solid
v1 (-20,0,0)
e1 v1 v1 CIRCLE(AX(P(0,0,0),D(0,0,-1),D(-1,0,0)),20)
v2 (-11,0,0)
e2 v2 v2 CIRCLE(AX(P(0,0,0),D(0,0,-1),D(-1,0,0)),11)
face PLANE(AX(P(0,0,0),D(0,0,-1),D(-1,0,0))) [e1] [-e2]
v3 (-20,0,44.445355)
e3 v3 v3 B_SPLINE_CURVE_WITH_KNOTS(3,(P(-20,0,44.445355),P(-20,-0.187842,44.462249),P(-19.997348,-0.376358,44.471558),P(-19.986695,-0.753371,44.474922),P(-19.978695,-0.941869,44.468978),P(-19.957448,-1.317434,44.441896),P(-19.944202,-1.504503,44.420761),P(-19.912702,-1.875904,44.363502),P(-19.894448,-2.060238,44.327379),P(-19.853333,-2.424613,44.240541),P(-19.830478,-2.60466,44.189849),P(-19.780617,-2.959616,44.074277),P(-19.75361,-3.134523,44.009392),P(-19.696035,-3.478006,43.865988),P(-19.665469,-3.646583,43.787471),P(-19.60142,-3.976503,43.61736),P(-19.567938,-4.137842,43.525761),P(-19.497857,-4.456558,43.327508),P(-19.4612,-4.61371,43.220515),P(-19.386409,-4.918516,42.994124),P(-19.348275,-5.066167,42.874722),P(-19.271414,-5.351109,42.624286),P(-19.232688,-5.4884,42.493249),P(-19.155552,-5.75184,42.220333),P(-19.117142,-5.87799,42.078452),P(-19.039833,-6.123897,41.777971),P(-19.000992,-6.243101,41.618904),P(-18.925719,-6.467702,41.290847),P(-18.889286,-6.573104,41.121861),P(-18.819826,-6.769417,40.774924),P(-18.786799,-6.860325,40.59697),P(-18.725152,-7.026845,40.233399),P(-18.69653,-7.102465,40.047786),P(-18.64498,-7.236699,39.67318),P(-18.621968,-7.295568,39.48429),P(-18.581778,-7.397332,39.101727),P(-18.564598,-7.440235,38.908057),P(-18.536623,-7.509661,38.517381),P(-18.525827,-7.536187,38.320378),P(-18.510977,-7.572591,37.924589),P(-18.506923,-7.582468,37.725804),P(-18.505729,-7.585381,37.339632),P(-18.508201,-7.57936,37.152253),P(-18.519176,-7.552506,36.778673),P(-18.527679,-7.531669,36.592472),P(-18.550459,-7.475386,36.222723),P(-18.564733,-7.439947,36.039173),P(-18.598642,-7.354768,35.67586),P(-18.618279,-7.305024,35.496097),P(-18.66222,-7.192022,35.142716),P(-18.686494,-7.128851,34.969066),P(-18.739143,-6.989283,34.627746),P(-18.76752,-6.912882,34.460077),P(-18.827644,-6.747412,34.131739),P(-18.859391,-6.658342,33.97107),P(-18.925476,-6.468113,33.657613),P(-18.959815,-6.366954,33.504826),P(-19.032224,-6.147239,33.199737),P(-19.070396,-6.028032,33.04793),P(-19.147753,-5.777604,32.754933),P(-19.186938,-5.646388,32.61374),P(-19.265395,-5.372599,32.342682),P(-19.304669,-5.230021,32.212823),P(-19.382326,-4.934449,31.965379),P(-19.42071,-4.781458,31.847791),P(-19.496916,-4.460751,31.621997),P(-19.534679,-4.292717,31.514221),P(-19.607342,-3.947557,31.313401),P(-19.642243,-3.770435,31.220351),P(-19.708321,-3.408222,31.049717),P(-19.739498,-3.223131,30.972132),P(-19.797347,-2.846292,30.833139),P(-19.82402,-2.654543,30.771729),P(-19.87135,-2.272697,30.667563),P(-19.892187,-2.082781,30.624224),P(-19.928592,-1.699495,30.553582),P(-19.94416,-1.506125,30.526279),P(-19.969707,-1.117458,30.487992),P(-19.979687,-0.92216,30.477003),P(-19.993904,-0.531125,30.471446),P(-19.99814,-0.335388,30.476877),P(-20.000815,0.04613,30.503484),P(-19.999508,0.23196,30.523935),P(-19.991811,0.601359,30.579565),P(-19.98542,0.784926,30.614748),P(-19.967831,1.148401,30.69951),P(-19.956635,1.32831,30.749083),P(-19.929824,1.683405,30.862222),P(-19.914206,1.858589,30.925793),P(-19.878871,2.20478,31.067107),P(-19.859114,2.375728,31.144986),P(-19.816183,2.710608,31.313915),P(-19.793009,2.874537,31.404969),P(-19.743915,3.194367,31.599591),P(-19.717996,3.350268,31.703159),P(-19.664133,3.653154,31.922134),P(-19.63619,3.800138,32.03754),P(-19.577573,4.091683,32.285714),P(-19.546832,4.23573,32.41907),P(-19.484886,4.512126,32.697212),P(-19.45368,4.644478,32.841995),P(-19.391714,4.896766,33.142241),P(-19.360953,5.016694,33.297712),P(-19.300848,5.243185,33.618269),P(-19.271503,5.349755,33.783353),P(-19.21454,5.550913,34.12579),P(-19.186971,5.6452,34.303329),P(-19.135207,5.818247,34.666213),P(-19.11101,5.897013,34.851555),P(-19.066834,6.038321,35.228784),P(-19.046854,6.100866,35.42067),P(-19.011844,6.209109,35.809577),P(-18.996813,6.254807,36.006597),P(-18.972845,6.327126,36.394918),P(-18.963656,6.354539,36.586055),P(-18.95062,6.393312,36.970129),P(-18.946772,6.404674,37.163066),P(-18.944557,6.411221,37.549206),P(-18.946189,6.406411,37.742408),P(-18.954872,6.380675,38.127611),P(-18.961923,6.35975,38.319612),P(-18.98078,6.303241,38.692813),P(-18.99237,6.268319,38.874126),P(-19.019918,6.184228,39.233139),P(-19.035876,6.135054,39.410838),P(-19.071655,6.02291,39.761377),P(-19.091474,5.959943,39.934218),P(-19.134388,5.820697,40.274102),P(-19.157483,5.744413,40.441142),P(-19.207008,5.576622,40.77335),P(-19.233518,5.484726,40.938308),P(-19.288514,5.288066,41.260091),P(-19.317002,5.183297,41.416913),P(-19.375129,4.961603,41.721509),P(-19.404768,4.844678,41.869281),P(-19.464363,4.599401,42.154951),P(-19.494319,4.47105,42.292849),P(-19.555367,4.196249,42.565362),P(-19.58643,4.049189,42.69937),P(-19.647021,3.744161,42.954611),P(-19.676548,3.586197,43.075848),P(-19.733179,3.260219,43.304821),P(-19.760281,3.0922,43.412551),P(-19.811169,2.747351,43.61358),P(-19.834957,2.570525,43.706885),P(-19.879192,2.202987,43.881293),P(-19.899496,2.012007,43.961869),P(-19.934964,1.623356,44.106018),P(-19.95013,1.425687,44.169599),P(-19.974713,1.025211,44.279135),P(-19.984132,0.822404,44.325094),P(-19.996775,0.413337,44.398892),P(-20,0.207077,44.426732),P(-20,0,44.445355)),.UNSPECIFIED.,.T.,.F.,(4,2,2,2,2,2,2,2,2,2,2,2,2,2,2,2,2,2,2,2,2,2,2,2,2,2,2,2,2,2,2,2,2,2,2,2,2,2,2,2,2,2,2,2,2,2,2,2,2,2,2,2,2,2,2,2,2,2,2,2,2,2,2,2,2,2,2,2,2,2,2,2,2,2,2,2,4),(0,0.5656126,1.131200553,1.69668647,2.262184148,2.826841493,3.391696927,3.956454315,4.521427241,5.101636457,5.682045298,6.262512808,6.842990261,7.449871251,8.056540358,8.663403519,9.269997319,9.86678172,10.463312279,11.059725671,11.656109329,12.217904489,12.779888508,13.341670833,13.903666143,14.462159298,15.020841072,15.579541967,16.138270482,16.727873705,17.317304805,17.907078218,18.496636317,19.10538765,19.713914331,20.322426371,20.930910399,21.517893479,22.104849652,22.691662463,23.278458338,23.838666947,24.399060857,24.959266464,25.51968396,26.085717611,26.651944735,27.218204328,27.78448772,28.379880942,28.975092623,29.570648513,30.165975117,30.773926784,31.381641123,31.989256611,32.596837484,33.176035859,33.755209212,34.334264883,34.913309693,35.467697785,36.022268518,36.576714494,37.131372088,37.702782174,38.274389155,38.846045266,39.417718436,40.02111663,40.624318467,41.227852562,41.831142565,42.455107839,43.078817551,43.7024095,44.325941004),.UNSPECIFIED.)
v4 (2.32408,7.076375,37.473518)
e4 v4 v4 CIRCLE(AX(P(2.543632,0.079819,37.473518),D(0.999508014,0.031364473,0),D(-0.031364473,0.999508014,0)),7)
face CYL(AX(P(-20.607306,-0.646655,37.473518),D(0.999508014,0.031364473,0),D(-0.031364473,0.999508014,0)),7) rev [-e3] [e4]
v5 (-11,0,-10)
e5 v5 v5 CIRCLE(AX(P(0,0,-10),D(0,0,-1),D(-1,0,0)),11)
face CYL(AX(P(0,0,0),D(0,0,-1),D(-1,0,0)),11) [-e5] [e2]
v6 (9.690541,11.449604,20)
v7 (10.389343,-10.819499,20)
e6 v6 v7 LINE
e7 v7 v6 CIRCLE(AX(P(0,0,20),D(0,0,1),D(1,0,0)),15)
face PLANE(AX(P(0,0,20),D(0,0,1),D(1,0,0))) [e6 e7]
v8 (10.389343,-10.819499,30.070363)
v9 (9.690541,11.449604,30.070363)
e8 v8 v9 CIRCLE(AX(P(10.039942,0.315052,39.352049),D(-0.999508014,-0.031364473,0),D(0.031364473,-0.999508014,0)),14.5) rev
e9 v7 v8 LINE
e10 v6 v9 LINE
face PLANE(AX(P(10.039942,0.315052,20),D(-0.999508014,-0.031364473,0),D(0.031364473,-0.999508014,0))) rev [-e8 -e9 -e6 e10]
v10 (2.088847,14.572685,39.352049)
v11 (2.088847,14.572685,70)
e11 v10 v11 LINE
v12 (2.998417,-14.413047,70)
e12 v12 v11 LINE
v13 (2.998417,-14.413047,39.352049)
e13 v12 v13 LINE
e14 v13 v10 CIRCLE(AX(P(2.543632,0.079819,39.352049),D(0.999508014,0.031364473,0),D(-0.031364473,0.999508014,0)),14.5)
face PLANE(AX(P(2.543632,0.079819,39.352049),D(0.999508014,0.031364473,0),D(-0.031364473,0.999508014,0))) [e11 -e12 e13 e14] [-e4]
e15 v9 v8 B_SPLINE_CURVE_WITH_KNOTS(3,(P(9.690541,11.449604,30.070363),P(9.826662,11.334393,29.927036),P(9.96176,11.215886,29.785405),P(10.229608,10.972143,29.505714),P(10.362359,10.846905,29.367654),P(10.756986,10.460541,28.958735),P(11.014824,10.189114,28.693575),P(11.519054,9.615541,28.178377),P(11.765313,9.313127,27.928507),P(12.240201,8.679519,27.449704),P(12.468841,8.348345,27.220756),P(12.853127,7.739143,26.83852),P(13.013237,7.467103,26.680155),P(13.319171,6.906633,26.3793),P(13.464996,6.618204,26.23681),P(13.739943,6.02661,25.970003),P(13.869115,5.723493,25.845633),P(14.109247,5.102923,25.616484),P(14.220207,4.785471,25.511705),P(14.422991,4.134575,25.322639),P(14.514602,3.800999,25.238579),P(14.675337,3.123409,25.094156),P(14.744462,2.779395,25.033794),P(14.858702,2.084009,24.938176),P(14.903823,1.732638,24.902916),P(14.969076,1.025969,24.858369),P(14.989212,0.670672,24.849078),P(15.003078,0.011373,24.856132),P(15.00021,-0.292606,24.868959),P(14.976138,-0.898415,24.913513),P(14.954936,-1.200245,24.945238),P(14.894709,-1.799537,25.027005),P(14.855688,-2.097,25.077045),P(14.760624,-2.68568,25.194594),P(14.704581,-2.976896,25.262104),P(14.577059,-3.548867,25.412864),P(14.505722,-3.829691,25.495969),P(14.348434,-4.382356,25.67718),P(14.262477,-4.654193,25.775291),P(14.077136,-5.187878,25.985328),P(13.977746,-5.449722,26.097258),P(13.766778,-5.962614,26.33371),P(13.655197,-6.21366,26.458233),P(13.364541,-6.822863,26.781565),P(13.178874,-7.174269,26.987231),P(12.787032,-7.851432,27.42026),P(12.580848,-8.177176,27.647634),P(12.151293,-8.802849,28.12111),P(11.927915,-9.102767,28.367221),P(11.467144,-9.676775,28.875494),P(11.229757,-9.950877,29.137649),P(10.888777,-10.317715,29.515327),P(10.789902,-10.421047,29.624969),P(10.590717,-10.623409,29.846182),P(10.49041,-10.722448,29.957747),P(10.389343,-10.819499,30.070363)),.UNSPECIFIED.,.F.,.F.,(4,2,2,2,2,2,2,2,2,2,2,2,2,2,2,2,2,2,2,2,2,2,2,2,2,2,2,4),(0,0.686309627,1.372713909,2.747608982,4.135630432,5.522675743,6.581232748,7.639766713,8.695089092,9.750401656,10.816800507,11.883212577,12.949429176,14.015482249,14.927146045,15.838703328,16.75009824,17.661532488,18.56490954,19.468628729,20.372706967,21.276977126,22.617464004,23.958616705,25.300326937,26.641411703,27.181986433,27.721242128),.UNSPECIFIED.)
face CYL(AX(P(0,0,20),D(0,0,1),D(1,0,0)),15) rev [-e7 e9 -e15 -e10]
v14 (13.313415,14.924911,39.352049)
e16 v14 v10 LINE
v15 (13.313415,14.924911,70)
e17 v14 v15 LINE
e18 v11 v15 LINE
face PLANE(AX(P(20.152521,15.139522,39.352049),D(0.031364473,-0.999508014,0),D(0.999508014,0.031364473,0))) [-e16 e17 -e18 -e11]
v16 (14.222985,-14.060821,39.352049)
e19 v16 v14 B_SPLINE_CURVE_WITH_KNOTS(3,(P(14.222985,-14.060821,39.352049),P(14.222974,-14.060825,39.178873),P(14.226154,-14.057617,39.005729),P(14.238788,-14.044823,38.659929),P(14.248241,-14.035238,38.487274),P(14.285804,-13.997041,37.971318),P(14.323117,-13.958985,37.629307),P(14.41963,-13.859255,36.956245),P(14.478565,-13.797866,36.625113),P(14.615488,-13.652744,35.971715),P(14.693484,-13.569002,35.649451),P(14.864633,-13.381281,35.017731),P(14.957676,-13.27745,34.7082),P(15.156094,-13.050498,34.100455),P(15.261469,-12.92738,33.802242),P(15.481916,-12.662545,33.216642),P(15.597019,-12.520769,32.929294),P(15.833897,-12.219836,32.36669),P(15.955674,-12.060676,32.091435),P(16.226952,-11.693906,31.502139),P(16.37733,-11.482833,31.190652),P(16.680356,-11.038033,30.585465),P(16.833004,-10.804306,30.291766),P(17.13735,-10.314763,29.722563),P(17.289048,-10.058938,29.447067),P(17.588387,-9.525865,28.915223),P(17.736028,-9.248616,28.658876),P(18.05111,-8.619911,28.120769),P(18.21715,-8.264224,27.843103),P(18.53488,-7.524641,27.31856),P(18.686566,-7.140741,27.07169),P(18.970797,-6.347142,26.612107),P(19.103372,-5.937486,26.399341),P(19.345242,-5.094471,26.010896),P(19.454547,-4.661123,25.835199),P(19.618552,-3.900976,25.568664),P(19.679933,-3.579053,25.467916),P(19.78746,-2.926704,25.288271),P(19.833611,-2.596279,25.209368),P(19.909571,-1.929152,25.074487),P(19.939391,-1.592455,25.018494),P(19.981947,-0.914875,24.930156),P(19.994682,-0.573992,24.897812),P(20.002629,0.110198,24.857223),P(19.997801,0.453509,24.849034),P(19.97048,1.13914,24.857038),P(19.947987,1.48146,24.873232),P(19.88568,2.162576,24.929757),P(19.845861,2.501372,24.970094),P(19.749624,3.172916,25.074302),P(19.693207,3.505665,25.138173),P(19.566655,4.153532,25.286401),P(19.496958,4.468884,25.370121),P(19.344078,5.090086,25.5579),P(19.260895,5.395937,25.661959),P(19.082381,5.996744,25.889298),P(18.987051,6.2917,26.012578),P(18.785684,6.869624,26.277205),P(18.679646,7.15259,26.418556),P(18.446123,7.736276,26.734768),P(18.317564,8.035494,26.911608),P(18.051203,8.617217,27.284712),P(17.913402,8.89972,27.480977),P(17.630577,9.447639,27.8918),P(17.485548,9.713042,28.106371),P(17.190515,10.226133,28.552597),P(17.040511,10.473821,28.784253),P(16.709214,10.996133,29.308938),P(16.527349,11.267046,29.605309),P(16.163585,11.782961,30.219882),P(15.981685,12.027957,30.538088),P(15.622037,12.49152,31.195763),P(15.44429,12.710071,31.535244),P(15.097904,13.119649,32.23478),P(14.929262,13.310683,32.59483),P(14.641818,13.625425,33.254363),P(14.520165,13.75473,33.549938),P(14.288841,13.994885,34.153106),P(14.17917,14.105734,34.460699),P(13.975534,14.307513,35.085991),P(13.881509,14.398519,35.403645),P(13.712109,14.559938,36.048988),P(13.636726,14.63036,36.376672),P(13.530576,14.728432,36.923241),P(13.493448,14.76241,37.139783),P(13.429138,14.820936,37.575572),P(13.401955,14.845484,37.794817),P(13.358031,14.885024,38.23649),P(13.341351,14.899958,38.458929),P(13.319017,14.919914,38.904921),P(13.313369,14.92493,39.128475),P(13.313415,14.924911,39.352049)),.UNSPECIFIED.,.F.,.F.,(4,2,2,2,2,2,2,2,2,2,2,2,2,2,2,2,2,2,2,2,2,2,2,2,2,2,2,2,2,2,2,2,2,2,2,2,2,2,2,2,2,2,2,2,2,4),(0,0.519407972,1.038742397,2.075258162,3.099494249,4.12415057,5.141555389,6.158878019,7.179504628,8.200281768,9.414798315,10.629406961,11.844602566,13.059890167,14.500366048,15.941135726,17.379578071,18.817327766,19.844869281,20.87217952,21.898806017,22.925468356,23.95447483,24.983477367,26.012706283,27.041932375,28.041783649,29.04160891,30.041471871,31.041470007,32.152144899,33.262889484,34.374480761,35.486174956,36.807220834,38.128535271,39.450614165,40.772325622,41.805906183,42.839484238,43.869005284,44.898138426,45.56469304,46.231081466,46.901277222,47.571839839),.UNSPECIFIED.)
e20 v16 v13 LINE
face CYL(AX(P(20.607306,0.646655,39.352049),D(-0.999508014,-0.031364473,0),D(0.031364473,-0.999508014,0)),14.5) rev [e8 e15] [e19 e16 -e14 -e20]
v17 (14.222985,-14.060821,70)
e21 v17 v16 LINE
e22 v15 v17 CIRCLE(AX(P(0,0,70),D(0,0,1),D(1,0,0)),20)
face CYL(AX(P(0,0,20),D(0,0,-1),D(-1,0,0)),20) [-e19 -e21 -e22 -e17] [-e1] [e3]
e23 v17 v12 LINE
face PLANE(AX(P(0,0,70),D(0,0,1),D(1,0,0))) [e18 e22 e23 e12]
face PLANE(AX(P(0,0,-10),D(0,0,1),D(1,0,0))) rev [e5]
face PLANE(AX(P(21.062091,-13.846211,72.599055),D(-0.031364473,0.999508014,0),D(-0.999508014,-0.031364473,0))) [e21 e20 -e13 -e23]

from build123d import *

# Parameters (mm, degrees)
BOSS_EXTRUDE1_START = -10
SKETCH2_R           = 20
BOSS_EXTRUDE1_DEPTH = 30
SKETCH5_R           = 20
SKETCH5_R_2         = 11
CUT_EXTRUDE1_DEPTH  = 10
SKETCH7_R           = 20
BOSS_EXTRUDE2_DEPTH = 50
CUT_EXTRUDE2_DEPTH  = 50
CUT_EXTRUDE3_START  = -7.5
CUT_EXTRUDE3_DEPTH  = 87.335902125
SKETCH10_R          = 7
CUT_EXTRUDE4_DEPTH  = 77.23263398


with BuildPart() as part:
    # Sketch2 → Boss-Extrude1 (new body)
    with BuildSketch(Plane.XY.offset(BOSS_EXTRUDE1_START)):
        Circle(SKETCH2_R)
    extrude(amount=BOSS_EXTRUDE1_DEPTH)

    # Sketch5 → Cut-Extrude1 (cut)
    with BuildSketch(Plane(origin=(0, 0, -10), x_dir=(-1, 0, 0), z_dir=(0, 0, -1))):
        Circle(SKETCH5_R)
        Circle(SKETCH5_R_2, mode=Mode.SUBTRACT)
    extrude(amount=-CUT_EXTRUDE1_DEPTH, mode=Mode.SUBTRACT)

    # Sketch7 → Boss-Extrude2 (add)
    with BuildSketch(Plane.XY.offset(20)):
        with Locations(Location((0, 0, 0), (0, 0, 180))):
            Circle(SKETCH7_R)
    extrude(amount=BOSS_EXTRUDE2_DEPTH)

    # Sketch8 → Cut-Extrude2 (cut)
    with BuildSketch(Plane.XY.offset(70)):
        with BuildLine():
            ThreePointArc((15, 0), (13.608051098, 6.310383928), (9.690540625, 11.449603591))
            Line((9.690540625, 11.449603591), (10.389343078, -10.819498621))
            ThreePointArc((10.389343078, -10.819498621), (13.799277991, -5.880469957), (15, 0))
        make_face()
    extrude(amount=-CUT_EXTRUDE2_DEPTH, mode=Mode.SUBTRACT)

    # Sketch9 → Cut-Extrude3 (cut, through all)
    with BuildSketch(Plane(origin=(10.039941851, 0.315052485, 0), x_dir=(0, 0, -1), z_dir=(0.9995080138957542, 0.03136447286604987, 0)).offset(CUT_EXTRUDE3_START)):
        with BuildLine():
            Line((-39.352049218, 14.5), (-72.599055299, 14.5))
            Line((-72.599055299, 14.5), (-72.599055299, -14.5))
            Line((-72.599055299, -14.5), (-39.352049218, -14.5))
            ThreePointArc((-39.352049218, -14.5), (-24.852049218, 0), (-39.352049218, 14.5))
        make_face()
    extrude(amount=CUT_EXTRUDE3_DEPTH, mode=Mode.SUBTRACT)

    # Sketch10 → Cut-Extrude4 (cut, through all)
    with BuildSketch(Plane(origin=(2.543631747, 0.079818939, 0), x_dir=(0, 0, -1), z_dir=(0.9995080138957542, 0.03136447286604988, 0))):
        with Locations(Location((-37.473518474, 0, 0), (0, 0, 90))):
            Circle(SKETCH10_R)
    extrude(amount=-CUT_EXTRUDE4_DEPTH, mode=Mode.SUBTRACT)


solid = part.part
